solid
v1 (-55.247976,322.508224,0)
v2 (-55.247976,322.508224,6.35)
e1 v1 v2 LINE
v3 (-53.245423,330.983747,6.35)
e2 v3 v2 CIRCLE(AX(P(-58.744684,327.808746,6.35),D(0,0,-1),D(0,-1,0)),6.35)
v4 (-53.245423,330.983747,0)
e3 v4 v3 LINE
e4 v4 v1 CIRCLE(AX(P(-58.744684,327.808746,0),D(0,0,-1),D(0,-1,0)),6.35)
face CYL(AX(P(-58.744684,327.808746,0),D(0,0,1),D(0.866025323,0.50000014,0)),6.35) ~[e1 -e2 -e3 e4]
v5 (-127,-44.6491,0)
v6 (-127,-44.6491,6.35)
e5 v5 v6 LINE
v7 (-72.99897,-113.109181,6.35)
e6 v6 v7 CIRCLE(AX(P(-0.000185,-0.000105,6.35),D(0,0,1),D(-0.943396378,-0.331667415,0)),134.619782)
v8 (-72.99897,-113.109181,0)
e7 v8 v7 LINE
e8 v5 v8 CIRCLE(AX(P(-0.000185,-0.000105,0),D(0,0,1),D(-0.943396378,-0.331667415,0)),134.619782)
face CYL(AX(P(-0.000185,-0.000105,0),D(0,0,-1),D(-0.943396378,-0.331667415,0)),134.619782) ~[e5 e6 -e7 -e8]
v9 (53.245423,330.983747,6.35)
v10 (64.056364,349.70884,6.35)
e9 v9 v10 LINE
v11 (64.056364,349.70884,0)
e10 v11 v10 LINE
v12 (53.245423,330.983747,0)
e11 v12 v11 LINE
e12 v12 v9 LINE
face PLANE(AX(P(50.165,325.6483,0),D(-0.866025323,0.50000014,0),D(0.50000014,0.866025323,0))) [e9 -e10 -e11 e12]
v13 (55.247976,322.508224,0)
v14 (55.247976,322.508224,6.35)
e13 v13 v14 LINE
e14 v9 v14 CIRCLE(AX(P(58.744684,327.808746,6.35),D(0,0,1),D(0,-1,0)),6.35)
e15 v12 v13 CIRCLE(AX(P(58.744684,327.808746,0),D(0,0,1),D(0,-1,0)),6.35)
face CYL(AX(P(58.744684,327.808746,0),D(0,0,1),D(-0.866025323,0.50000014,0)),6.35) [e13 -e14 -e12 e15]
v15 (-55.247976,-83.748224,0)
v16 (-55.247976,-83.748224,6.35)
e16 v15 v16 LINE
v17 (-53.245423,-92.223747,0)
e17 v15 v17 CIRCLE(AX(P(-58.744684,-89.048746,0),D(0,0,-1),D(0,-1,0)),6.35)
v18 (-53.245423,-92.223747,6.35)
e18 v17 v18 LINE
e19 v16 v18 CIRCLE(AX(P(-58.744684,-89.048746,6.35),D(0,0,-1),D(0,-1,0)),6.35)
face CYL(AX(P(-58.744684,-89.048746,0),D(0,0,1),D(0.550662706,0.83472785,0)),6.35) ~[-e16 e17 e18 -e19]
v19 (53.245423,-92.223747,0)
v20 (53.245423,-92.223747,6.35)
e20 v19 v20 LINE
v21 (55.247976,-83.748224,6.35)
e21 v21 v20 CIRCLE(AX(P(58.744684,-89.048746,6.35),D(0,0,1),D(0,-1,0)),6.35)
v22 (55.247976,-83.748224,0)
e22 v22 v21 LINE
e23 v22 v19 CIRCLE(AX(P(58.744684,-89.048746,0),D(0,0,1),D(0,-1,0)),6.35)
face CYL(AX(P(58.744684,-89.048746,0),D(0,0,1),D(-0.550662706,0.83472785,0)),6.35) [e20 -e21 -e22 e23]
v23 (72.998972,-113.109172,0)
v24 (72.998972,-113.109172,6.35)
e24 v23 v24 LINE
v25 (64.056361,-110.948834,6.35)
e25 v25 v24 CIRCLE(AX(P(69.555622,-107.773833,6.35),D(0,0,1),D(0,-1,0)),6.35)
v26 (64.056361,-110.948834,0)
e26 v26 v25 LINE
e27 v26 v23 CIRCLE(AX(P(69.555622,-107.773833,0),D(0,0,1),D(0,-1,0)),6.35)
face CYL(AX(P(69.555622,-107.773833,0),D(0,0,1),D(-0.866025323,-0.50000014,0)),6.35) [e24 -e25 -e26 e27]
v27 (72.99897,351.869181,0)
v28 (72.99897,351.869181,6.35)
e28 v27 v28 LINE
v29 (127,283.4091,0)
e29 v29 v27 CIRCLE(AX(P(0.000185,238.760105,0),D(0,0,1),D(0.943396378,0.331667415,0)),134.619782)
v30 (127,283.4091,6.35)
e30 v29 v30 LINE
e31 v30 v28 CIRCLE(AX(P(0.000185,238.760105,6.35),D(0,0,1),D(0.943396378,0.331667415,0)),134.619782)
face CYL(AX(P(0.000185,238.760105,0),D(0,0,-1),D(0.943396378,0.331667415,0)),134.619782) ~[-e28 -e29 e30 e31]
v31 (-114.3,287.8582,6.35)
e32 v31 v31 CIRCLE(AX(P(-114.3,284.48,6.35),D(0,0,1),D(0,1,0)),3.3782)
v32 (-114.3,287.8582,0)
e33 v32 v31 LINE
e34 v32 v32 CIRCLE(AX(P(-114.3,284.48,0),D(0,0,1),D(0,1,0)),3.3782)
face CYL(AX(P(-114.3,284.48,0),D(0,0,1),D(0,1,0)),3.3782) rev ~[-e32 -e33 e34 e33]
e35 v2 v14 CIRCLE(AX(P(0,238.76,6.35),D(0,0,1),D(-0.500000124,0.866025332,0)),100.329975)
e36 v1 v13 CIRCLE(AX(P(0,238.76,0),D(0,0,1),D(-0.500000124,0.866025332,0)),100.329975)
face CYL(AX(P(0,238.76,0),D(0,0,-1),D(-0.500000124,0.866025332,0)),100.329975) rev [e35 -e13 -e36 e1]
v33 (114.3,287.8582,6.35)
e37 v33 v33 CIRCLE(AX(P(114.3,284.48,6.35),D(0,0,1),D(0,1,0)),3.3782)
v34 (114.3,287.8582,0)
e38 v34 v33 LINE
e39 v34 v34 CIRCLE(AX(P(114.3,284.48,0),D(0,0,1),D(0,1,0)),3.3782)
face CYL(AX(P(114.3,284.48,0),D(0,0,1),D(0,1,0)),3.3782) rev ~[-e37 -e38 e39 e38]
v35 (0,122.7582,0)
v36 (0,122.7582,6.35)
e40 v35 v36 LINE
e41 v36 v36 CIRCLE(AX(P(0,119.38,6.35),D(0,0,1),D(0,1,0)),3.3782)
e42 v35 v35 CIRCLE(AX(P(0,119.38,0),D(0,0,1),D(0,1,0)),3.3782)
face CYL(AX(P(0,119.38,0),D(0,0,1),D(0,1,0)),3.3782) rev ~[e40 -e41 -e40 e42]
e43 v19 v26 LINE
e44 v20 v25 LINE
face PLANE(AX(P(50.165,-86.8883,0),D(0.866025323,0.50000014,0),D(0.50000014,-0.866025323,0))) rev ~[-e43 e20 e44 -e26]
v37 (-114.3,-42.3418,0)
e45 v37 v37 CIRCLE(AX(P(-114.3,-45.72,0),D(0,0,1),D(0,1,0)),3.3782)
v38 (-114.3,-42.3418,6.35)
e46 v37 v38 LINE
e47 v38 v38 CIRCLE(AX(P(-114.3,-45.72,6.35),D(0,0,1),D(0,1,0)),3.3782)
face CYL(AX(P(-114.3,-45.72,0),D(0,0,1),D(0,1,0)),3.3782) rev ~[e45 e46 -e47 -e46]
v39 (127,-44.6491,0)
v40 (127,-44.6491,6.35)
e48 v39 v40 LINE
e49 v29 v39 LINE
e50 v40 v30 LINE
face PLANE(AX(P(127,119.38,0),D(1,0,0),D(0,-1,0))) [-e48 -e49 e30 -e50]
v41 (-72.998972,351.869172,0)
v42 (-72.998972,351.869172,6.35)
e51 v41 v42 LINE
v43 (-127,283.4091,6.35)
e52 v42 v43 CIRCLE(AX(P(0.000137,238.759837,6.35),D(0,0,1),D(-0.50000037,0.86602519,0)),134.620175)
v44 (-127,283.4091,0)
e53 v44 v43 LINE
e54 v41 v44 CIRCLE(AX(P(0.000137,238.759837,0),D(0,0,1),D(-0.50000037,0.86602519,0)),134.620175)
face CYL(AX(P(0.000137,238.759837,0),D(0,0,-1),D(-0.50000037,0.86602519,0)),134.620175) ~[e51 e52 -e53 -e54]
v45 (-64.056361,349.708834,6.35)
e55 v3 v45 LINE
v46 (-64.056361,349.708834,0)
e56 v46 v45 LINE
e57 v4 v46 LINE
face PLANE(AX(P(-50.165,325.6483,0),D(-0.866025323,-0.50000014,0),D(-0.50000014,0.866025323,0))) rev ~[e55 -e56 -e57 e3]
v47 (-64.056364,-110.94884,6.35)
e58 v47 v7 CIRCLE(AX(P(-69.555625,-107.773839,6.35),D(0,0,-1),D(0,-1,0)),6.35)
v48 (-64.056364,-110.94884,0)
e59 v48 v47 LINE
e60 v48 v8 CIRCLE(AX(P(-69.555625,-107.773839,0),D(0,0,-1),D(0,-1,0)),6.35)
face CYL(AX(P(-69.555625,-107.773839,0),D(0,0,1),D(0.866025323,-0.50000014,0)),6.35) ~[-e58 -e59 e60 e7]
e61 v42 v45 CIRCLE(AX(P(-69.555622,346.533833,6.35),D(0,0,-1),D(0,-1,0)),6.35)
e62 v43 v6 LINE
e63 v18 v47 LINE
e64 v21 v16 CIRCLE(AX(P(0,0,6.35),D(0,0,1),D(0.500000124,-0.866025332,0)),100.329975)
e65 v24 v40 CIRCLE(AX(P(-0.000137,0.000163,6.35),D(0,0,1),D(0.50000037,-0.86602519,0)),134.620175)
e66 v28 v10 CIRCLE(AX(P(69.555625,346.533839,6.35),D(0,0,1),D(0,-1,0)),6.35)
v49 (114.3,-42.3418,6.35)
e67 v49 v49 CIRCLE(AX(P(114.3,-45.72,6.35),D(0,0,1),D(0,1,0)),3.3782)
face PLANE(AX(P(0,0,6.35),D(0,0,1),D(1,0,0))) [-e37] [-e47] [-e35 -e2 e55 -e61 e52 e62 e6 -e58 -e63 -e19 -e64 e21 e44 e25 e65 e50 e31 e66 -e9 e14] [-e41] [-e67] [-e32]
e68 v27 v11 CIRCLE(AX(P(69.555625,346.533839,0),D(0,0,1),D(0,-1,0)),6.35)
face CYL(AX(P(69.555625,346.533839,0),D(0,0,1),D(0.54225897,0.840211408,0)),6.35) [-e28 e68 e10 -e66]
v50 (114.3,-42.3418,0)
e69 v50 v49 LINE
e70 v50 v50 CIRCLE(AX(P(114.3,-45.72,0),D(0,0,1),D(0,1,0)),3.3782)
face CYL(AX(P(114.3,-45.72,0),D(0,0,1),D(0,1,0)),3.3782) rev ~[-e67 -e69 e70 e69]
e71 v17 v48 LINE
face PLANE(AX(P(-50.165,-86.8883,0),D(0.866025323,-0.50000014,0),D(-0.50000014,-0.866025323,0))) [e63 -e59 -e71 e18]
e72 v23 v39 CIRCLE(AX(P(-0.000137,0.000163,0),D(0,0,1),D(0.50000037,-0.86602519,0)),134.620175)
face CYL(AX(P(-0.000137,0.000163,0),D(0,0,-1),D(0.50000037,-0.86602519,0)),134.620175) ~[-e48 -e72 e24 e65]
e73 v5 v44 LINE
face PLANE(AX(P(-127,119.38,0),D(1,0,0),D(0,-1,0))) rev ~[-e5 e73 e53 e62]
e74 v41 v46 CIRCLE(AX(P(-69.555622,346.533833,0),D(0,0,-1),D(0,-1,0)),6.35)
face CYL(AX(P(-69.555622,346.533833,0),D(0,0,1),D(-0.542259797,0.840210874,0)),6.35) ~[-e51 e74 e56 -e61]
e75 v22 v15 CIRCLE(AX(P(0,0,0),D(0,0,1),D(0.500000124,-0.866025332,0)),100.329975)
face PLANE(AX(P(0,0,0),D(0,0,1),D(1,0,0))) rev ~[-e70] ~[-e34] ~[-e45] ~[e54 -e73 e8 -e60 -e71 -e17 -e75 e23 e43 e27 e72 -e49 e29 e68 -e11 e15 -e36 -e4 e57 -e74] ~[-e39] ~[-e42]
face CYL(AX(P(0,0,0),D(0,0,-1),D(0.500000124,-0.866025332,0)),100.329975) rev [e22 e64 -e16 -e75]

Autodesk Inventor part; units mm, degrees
ref_plane "YZ Plane" through (0, 0, 0) normal (1, 0, 0) x (0, 1, 0)
ref_plane "XZ Plane" through (0, 0, 0) normal (0, 1, 0) x (-1, 0, 0)
ref_plane "XY Plane" through (0, 0, 0) normal (0, 0, 1) x (1, 0, 0)
sketch "Sketch1" plane through (0, 0, 0) normal (0, 0, 1) x (1, 0, 0)
  arc A0 (50.165, -86.8883) -> (-50.165, -86.8883) centre (0, 0) ccw
  line L0 (0, 123.825) -> (0, 0) construction
  line L1 (-168.8677, 119.38) -> (168.8677, 119.38) construction
  line L2 (127, 119.38) -> (127, -44.6491)
  line L3 (0, 0) -> (67.31, -116.5843) construction
  line L4 (50.165, -86.8883) -> (67.31, -116.5843)
  line L5 (-127, 119.38) -> (-127, -44.6491)
  line L6 (0, 0) -> (-67.31, -116.5843) construction
  line L7 (-50.165, -86.8883) -> (-67.31, -116.5843)
  arc A1 (-50.165, 325.6483) -> (50.165, 325.6483) centre (0, 238.76) ccw
  line L8 (127, 119.38) -> (127, 283.4091)
  line L9 (50.165, 325.6483) -> (67.31, 355.3443)
  line L10 (-127, 119.38) -> (-127, 283.4091)
  line L11 (-50.165, 325.6483) -> (-67.31, 355.3443)
  arc A2 (127, 283.4091) -> (67.31, 355.3443) centre (0, 238.76) ccw
  arc A3 (-67.31, 355.3443) -> (-127, 283.4091) centre (0, 238.76) ccw
  arc A4 (-127, -44.6491) -> (-67.31, -116.5843) centre (0, 0) ccw
  arc A5 (67.31, -116.5843) -> (127, -44.6491) centre (0, 0) ccw
  point P0 (114.3, -45.72)
  point P1 (0, 119.38)
  point P2 (-114.3, -45.72)
  point P3 (114.3, 284.48)
  point P4 (-114.3, 284.48)
  dimension "d1" = 200.66
  dimension "d18" = 119.38
  dimension "d19" = 165.1
  dimension "d20" = 114.3
  dimension "d25" = 127
  dimension "d26" = 150
  dimension "d34" = 134.62
extrude "Extrusion1" add sketch "Sketch1" along normal blind 6.35
hole "Hole2" at (114.3, -45.72, 0) at (0, 119.38, 0) at (-114.3, -45.72, 0) at (114.3, 284.48, 0) at (-114.3, 284.48, 0) direction (0, 0, 1) diameter 6.7564 end through all clearance for "Flat Head Machine Screw (82)" size "1/4" standard "Ansi Unified Screw Threads"
fillet "Fillet1" radius 6.35 8 edges at (50.165, -86.8883, 3.175) (-50.165, -86.8883, 3.175) (67.31, 355.3443, 3.175) (-67.31, 355.3443, 3.175) (50.165, 325.6483, 3.175) (-50.165, 325.6483, 3.175) (67.31, -116.5843, 3.175) (-67.31, -116.5843, 3.175)
properties part number "J001393" material "ALUMINUM, 6061-T651"
